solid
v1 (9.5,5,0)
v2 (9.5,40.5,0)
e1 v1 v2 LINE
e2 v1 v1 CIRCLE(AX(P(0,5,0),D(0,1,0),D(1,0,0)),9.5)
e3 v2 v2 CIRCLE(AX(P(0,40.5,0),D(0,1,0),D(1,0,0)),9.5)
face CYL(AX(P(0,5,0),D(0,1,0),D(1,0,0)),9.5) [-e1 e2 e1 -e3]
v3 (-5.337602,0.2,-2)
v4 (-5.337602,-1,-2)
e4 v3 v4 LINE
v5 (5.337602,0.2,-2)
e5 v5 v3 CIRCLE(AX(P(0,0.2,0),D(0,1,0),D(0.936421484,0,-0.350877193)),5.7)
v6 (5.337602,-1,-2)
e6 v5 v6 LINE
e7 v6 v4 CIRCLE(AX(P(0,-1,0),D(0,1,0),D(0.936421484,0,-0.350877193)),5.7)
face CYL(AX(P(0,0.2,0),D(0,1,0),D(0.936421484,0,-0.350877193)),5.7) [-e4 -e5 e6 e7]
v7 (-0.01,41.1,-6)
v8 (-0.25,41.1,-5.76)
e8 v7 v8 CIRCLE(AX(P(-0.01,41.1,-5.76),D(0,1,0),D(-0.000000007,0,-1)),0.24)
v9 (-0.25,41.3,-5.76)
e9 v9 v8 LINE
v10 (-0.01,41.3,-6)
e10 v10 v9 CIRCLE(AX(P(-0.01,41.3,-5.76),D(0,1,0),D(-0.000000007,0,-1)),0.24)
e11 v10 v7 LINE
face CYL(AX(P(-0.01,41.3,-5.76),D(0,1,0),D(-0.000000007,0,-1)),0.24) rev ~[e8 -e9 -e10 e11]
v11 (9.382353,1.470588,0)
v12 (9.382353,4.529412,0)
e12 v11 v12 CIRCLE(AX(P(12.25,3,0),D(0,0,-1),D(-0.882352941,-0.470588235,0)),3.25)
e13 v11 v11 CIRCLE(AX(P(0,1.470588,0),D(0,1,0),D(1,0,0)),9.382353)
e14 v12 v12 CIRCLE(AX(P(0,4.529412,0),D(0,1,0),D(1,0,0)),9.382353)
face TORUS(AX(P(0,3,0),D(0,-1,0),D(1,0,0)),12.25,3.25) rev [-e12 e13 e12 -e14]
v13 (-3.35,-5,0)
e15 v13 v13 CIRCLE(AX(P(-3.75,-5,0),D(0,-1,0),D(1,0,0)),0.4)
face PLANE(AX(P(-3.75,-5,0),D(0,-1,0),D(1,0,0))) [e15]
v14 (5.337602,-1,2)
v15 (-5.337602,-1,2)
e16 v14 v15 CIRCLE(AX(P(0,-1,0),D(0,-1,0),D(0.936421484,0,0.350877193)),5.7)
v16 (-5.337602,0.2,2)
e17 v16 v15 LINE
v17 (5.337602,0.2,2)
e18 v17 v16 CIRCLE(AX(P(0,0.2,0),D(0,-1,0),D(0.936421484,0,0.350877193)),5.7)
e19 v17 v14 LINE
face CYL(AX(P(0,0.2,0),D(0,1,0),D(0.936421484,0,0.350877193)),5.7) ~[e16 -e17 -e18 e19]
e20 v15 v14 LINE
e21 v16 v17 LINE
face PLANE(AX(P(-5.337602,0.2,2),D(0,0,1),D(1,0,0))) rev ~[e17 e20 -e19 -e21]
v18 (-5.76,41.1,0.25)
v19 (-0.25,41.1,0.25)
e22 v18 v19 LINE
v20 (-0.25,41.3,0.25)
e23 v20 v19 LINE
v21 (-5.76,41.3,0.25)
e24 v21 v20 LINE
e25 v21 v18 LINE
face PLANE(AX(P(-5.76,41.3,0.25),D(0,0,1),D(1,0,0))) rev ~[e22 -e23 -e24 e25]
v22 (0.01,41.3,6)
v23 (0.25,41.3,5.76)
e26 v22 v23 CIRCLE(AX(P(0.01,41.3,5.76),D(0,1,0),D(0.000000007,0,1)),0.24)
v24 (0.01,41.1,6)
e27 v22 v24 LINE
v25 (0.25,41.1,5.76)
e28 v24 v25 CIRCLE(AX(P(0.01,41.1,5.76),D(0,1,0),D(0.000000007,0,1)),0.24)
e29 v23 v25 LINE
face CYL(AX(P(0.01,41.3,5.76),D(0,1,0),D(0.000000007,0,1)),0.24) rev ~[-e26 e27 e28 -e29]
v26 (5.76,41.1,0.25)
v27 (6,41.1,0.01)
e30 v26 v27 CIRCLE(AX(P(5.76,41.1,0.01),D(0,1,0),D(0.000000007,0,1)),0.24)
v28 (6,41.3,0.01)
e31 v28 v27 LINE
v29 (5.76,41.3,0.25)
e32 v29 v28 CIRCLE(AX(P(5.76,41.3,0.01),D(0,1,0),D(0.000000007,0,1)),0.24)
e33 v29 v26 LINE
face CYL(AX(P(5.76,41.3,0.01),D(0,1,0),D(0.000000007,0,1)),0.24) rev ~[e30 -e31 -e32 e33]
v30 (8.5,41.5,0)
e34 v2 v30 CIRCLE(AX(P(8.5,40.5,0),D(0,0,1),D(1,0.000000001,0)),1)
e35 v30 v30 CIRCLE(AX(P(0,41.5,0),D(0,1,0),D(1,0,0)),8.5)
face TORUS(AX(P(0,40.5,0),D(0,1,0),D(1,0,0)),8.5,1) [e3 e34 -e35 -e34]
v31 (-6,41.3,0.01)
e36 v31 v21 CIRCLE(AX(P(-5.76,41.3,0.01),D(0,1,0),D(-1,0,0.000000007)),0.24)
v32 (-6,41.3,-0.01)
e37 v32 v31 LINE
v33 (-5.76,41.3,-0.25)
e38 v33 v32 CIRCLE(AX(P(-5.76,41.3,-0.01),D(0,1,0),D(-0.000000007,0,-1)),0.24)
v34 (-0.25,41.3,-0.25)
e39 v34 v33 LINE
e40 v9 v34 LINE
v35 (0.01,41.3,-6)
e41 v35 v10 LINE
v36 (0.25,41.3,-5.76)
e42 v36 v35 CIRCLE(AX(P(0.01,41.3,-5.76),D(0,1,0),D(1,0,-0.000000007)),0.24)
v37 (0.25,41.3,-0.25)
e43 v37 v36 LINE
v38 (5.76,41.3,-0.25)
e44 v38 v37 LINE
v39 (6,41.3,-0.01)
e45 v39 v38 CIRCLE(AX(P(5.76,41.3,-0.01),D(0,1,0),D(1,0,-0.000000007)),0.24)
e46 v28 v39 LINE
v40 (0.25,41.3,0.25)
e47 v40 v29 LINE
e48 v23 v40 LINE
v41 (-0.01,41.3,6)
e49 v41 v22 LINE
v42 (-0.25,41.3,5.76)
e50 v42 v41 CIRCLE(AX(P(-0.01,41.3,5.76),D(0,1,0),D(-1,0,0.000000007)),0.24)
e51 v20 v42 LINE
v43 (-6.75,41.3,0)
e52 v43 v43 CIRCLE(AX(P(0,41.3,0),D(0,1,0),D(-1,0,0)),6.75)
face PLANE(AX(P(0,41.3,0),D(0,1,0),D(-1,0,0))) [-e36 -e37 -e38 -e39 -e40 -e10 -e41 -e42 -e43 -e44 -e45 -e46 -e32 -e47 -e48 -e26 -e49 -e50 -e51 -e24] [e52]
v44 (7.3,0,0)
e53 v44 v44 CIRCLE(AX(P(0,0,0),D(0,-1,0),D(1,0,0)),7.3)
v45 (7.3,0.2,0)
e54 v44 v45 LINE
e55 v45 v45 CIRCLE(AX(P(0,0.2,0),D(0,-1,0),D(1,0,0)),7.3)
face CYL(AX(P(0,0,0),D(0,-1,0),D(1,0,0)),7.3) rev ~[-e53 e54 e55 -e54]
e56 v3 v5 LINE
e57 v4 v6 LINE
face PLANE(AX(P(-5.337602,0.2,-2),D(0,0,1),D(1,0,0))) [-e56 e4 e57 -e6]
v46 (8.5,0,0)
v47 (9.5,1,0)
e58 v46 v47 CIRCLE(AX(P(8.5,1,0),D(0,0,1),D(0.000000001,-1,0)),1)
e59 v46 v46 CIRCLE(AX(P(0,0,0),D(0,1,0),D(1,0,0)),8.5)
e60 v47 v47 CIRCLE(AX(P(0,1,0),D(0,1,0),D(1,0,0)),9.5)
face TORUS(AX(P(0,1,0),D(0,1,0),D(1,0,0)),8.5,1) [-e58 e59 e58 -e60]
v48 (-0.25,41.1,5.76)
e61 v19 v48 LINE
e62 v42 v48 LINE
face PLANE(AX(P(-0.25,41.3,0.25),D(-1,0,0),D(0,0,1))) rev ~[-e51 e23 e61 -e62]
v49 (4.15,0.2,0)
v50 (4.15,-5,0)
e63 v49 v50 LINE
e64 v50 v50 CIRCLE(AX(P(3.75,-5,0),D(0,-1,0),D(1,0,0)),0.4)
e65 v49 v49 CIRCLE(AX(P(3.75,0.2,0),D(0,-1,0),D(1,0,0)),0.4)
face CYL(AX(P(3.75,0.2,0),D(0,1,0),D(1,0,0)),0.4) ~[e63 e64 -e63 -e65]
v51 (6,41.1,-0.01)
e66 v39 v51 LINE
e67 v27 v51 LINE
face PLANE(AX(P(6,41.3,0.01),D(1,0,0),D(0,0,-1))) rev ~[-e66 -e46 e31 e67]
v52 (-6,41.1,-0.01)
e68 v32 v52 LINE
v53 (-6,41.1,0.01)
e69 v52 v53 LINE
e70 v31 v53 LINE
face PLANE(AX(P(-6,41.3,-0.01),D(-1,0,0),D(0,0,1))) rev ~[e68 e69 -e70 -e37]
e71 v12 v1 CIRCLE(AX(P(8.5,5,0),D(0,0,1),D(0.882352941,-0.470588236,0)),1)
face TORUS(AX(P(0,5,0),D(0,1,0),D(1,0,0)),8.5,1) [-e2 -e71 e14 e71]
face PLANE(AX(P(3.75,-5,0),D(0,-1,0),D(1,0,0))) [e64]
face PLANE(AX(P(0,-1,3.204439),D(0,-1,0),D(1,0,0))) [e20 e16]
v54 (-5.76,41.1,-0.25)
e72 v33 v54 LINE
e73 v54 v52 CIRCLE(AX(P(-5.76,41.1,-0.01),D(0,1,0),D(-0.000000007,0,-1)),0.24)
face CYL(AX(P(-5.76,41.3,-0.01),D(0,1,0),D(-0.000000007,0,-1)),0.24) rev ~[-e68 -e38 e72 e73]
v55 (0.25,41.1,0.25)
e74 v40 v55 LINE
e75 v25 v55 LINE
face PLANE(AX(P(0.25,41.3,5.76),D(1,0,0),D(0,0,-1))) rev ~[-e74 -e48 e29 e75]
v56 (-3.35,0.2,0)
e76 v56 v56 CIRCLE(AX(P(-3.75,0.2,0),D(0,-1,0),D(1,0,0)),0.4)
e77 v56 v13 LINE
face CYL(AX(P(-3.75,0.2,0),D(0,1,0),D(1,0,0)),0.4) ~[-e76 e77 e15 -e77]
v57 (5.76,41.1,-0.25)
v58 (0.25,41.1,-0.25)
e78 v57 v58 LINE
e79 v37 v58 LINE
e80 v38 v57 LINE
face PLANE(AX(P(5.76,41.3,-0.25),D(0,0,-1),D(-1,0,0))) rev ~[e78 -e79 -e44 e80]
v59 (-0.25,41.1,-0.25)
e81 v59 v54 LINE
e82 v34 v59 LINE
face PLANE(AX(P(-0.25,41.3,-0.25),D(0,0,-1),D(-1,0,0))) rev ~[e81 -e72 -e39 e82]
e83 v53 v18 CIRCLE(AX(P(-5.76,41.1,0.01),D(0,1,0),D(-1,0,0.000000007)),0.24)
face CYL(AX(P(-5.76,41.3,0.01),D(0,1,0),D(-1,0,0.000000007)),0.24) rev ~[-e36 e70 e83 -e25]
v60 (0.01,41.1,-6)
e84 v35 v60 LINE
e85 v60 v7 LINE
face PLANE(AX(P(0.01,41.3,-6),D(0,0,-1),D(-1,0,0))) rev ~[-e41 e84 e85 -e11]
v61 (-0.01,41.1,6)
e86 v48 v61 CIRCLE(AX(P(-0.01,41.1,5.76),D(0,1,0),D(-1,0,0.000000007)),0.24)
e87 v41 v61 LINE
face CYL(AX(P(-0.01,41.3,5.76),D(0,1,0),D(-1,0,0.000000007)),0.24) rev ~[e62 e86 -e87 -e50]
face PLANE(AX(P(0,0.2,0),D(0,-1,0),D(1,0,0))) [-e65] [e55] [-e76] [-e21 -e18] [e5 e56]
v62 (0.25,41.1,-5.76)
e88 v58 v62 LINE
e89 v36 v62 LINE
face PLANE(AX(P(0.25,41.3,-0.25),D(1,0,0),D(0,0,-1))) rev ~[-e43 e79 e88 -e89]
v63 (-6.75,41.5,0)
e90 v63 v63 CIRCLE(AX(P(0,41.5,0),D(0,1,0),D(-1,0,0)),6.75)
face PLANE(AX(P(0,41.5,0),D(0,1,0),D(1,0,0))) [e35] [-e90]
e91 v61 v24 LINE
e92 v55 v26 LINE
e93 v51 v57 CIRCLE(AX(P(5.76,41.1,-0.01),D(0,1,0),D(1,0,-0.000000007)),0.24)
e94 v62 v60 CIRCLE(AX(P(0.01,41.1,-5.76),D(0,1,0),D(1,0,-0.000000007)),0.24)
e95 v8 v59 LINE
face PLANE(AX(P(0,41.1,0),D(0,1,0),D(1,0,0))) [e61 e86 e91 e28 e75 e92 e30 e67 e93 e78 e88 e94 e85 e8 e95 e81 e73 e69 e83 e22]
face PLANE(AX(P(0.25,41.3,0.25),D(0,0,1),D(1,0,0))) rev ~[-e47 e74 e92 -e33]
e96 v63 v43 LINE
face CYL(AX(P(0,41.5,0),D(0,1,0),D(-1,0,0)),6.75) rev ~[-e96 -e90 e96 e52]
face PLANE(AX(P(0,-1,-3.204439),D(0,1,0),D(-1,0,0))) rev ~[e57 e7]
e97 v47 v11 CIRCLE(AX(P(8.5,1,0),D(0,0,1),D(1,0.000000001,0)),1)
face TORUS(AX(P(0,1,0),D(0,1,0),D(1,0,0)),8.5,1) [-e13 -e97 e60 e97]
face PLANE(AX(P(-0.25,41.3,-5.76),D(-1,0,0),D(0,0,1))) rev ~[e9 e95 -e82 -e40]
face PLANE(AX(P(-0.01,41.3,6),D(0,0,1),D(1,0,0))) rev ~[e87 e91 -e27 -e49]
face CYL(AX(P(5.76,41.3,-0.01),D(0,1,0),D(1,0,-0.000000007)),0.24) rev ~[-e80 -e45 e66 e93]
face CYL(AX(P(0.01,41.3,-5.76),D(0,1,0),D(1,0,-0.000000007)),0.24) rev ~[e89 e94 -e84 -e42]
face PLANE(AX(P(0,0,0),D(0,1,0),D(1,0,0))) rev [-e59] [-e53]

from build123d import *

# Parameters (mm, degrees)
SKETCH_3_R          = 6.75
CUT_EXTRUDE_1_DEPTH = 0.2
CUT_EXTRUDE_2_DEPTH = 0.2
SKETCH_5_R          = 7.3
CUT_EXTRUDE_3_DEPTH = 0.2
EXTRUDE_1_DEPTH     = 1.2
SKETCH_7_R          = 0.4
EXTRUDE_2_DEPTH     = 5.2


with BuildPart() as part:
    # Эскиз2 → Повернуть1 (revolve)
    with BuildSketch(Plane.XY):
        with BuildLine():
            Line((0, 0), (8.5, 0))
            ThreePointArc((8.5, 0), (9.207106781, 0.292893219), (9.5, 1))
            ThreePointArc((9.5, 1), (9.4701425, 1.242535625), (9.382352941, 1.470588235))
            ThreePointArc((9.382352941, 1.470588235), (9, 3), (9.382352941, 4.529411765))
            ThreePointArc((9.382352941, 4.529411765), (9.4701425, 4.757464375), (9.5, 5))
            Line((9.5, 5), (9.5, 40.5))
            ThreePointArc((9.5, 40.5), (9.207106781, 41.207106781), (8.5, 41.5))
            Line((8.5, 41.5), (0, 41.5))
            Line((0, 41.5), (0, 0))
        make_face()
    revolve(axis=Axis((0, 0, 0), (0, 1, 0)))

    # Эскиз3 → Вырез-Вытянуть1 (cut)
    with BuildSketch(Plane(origin=(0, 41.5, 0), x_dir=(1, 0, 0), z_dir=(0, 1, 0))):
        with Locations(Location((0, 0, 0), (0, 0, 180))):
            Circle(SKETCH_3_R)
    extrude(amount=-CUT_EXTRUDE_1_DEPTH, mode=Mode.SUBTRACT)

    # Эскиз4 → Вырез-Вытянуть2 (cut)
    with BuildSketch(Plane(origin=(0, 41.3, 0), x_dir=(1, 0, 0), z_dir=(0, 1, 0))):
        with BuildLine():
            Line((-0.25, -0.25), (-0.25, -5.76))
            ThreePointArc((-0.25, -5.76), (-0.179705627, -5.929705627), (-0.01, -6))
            Line((-0.01, -6), (0.01, -6))
            ThreePointArc((0.01, -6), (0.179705627, -5.929705627), (0.25, -5.76))
            Line((0.25, -5.76), (0.25, -0.25))
            Line((0.25, -0.25), (5.76, -0.25))
            ThreePointArc((5.76, -0.25), (5.929705627, -0.179705627), (6, -0.01))
            Line((6, -0.01), (6, 0.01))
            ThreePointArc((6, 0.01), (5.929705627, 0.179705627), (5.76, 0.25))
            Line((5.76, 0.25), (0.25, 0.25))
            Line((0.25, 0.25), (0.25, 5.76))
            ThreePointArc((0.25, 5.76), (0.179705627, 5.929705627), (0.01, 6))
            Line((0.01, 6), (-0.01, 6))
            ThreePointArc((-0.01, 6), (-0.179705627, 5.929705627), (-0.25, 5.76))
            Line((-0.25, 5.76), (-0.25, 0.25))
            Line((-0.25, 0.25), (-5.76, 0.25))
            ThreePointArc((-5.76, 0.25), (-5.929705627, 0.179705627), (-6, 0.01))
            Line((-6, 0.01), (-6, -0.01))
            ThreePointArc((-6, -0.01), (-5.929705627, -0.179705627), (-5.76, -0.25))
            Line((-5.76, -0.25), (-0.25, -0.25))
        make_face()
    extrude(amount=-CUT_EXTRUDE_2_DEPTH, mode=Mode.SUBTRACT)

    # Эскиз5 → Вырез-Вытянуть3 (cut)
    with BuildSketch(Plane.XZ):
        Circle(SKETCH_5_R)
    extrude(amount=-CUT_EXTRUDE_3_DEPTH, mode=Mode.SUBTRACT)

    # Эскиз6 → Бобышка-Вытянуть1 (add)
    with BuildSketch(Plane.XZ.offset(-0.2)):
        with BuildLine():
            Line((-5.337602458, 2), (5.337602458, 2))
            ThreePointArc((5.337602458, 2), (0, 5.7), (-5.337602458, 2))
        make_face()
        with BuildLine():
            Line((-5.337602458, -2), (5.337602458, -2))
            ThreePointArc((5.337602458, -2), (0, -5.7), (-5.337602458, -2))
        make_face()
    extrude(amount=EXTRUDE_1_DEPTH)

    # Эскиз7 → Бобышка-Вытянуть2 (add)
    with BuildSketch(Plane.XZ.offset(-0.2)):
        with Locations((-3.75, 0)):
            Circle(SKETCH_7_R)
        with Locations((3.75, 0)):
            Circle(SKETCH_7_R)
    extrude(amount=EXTRUDE_2_DEPTH)


solid = part.part
